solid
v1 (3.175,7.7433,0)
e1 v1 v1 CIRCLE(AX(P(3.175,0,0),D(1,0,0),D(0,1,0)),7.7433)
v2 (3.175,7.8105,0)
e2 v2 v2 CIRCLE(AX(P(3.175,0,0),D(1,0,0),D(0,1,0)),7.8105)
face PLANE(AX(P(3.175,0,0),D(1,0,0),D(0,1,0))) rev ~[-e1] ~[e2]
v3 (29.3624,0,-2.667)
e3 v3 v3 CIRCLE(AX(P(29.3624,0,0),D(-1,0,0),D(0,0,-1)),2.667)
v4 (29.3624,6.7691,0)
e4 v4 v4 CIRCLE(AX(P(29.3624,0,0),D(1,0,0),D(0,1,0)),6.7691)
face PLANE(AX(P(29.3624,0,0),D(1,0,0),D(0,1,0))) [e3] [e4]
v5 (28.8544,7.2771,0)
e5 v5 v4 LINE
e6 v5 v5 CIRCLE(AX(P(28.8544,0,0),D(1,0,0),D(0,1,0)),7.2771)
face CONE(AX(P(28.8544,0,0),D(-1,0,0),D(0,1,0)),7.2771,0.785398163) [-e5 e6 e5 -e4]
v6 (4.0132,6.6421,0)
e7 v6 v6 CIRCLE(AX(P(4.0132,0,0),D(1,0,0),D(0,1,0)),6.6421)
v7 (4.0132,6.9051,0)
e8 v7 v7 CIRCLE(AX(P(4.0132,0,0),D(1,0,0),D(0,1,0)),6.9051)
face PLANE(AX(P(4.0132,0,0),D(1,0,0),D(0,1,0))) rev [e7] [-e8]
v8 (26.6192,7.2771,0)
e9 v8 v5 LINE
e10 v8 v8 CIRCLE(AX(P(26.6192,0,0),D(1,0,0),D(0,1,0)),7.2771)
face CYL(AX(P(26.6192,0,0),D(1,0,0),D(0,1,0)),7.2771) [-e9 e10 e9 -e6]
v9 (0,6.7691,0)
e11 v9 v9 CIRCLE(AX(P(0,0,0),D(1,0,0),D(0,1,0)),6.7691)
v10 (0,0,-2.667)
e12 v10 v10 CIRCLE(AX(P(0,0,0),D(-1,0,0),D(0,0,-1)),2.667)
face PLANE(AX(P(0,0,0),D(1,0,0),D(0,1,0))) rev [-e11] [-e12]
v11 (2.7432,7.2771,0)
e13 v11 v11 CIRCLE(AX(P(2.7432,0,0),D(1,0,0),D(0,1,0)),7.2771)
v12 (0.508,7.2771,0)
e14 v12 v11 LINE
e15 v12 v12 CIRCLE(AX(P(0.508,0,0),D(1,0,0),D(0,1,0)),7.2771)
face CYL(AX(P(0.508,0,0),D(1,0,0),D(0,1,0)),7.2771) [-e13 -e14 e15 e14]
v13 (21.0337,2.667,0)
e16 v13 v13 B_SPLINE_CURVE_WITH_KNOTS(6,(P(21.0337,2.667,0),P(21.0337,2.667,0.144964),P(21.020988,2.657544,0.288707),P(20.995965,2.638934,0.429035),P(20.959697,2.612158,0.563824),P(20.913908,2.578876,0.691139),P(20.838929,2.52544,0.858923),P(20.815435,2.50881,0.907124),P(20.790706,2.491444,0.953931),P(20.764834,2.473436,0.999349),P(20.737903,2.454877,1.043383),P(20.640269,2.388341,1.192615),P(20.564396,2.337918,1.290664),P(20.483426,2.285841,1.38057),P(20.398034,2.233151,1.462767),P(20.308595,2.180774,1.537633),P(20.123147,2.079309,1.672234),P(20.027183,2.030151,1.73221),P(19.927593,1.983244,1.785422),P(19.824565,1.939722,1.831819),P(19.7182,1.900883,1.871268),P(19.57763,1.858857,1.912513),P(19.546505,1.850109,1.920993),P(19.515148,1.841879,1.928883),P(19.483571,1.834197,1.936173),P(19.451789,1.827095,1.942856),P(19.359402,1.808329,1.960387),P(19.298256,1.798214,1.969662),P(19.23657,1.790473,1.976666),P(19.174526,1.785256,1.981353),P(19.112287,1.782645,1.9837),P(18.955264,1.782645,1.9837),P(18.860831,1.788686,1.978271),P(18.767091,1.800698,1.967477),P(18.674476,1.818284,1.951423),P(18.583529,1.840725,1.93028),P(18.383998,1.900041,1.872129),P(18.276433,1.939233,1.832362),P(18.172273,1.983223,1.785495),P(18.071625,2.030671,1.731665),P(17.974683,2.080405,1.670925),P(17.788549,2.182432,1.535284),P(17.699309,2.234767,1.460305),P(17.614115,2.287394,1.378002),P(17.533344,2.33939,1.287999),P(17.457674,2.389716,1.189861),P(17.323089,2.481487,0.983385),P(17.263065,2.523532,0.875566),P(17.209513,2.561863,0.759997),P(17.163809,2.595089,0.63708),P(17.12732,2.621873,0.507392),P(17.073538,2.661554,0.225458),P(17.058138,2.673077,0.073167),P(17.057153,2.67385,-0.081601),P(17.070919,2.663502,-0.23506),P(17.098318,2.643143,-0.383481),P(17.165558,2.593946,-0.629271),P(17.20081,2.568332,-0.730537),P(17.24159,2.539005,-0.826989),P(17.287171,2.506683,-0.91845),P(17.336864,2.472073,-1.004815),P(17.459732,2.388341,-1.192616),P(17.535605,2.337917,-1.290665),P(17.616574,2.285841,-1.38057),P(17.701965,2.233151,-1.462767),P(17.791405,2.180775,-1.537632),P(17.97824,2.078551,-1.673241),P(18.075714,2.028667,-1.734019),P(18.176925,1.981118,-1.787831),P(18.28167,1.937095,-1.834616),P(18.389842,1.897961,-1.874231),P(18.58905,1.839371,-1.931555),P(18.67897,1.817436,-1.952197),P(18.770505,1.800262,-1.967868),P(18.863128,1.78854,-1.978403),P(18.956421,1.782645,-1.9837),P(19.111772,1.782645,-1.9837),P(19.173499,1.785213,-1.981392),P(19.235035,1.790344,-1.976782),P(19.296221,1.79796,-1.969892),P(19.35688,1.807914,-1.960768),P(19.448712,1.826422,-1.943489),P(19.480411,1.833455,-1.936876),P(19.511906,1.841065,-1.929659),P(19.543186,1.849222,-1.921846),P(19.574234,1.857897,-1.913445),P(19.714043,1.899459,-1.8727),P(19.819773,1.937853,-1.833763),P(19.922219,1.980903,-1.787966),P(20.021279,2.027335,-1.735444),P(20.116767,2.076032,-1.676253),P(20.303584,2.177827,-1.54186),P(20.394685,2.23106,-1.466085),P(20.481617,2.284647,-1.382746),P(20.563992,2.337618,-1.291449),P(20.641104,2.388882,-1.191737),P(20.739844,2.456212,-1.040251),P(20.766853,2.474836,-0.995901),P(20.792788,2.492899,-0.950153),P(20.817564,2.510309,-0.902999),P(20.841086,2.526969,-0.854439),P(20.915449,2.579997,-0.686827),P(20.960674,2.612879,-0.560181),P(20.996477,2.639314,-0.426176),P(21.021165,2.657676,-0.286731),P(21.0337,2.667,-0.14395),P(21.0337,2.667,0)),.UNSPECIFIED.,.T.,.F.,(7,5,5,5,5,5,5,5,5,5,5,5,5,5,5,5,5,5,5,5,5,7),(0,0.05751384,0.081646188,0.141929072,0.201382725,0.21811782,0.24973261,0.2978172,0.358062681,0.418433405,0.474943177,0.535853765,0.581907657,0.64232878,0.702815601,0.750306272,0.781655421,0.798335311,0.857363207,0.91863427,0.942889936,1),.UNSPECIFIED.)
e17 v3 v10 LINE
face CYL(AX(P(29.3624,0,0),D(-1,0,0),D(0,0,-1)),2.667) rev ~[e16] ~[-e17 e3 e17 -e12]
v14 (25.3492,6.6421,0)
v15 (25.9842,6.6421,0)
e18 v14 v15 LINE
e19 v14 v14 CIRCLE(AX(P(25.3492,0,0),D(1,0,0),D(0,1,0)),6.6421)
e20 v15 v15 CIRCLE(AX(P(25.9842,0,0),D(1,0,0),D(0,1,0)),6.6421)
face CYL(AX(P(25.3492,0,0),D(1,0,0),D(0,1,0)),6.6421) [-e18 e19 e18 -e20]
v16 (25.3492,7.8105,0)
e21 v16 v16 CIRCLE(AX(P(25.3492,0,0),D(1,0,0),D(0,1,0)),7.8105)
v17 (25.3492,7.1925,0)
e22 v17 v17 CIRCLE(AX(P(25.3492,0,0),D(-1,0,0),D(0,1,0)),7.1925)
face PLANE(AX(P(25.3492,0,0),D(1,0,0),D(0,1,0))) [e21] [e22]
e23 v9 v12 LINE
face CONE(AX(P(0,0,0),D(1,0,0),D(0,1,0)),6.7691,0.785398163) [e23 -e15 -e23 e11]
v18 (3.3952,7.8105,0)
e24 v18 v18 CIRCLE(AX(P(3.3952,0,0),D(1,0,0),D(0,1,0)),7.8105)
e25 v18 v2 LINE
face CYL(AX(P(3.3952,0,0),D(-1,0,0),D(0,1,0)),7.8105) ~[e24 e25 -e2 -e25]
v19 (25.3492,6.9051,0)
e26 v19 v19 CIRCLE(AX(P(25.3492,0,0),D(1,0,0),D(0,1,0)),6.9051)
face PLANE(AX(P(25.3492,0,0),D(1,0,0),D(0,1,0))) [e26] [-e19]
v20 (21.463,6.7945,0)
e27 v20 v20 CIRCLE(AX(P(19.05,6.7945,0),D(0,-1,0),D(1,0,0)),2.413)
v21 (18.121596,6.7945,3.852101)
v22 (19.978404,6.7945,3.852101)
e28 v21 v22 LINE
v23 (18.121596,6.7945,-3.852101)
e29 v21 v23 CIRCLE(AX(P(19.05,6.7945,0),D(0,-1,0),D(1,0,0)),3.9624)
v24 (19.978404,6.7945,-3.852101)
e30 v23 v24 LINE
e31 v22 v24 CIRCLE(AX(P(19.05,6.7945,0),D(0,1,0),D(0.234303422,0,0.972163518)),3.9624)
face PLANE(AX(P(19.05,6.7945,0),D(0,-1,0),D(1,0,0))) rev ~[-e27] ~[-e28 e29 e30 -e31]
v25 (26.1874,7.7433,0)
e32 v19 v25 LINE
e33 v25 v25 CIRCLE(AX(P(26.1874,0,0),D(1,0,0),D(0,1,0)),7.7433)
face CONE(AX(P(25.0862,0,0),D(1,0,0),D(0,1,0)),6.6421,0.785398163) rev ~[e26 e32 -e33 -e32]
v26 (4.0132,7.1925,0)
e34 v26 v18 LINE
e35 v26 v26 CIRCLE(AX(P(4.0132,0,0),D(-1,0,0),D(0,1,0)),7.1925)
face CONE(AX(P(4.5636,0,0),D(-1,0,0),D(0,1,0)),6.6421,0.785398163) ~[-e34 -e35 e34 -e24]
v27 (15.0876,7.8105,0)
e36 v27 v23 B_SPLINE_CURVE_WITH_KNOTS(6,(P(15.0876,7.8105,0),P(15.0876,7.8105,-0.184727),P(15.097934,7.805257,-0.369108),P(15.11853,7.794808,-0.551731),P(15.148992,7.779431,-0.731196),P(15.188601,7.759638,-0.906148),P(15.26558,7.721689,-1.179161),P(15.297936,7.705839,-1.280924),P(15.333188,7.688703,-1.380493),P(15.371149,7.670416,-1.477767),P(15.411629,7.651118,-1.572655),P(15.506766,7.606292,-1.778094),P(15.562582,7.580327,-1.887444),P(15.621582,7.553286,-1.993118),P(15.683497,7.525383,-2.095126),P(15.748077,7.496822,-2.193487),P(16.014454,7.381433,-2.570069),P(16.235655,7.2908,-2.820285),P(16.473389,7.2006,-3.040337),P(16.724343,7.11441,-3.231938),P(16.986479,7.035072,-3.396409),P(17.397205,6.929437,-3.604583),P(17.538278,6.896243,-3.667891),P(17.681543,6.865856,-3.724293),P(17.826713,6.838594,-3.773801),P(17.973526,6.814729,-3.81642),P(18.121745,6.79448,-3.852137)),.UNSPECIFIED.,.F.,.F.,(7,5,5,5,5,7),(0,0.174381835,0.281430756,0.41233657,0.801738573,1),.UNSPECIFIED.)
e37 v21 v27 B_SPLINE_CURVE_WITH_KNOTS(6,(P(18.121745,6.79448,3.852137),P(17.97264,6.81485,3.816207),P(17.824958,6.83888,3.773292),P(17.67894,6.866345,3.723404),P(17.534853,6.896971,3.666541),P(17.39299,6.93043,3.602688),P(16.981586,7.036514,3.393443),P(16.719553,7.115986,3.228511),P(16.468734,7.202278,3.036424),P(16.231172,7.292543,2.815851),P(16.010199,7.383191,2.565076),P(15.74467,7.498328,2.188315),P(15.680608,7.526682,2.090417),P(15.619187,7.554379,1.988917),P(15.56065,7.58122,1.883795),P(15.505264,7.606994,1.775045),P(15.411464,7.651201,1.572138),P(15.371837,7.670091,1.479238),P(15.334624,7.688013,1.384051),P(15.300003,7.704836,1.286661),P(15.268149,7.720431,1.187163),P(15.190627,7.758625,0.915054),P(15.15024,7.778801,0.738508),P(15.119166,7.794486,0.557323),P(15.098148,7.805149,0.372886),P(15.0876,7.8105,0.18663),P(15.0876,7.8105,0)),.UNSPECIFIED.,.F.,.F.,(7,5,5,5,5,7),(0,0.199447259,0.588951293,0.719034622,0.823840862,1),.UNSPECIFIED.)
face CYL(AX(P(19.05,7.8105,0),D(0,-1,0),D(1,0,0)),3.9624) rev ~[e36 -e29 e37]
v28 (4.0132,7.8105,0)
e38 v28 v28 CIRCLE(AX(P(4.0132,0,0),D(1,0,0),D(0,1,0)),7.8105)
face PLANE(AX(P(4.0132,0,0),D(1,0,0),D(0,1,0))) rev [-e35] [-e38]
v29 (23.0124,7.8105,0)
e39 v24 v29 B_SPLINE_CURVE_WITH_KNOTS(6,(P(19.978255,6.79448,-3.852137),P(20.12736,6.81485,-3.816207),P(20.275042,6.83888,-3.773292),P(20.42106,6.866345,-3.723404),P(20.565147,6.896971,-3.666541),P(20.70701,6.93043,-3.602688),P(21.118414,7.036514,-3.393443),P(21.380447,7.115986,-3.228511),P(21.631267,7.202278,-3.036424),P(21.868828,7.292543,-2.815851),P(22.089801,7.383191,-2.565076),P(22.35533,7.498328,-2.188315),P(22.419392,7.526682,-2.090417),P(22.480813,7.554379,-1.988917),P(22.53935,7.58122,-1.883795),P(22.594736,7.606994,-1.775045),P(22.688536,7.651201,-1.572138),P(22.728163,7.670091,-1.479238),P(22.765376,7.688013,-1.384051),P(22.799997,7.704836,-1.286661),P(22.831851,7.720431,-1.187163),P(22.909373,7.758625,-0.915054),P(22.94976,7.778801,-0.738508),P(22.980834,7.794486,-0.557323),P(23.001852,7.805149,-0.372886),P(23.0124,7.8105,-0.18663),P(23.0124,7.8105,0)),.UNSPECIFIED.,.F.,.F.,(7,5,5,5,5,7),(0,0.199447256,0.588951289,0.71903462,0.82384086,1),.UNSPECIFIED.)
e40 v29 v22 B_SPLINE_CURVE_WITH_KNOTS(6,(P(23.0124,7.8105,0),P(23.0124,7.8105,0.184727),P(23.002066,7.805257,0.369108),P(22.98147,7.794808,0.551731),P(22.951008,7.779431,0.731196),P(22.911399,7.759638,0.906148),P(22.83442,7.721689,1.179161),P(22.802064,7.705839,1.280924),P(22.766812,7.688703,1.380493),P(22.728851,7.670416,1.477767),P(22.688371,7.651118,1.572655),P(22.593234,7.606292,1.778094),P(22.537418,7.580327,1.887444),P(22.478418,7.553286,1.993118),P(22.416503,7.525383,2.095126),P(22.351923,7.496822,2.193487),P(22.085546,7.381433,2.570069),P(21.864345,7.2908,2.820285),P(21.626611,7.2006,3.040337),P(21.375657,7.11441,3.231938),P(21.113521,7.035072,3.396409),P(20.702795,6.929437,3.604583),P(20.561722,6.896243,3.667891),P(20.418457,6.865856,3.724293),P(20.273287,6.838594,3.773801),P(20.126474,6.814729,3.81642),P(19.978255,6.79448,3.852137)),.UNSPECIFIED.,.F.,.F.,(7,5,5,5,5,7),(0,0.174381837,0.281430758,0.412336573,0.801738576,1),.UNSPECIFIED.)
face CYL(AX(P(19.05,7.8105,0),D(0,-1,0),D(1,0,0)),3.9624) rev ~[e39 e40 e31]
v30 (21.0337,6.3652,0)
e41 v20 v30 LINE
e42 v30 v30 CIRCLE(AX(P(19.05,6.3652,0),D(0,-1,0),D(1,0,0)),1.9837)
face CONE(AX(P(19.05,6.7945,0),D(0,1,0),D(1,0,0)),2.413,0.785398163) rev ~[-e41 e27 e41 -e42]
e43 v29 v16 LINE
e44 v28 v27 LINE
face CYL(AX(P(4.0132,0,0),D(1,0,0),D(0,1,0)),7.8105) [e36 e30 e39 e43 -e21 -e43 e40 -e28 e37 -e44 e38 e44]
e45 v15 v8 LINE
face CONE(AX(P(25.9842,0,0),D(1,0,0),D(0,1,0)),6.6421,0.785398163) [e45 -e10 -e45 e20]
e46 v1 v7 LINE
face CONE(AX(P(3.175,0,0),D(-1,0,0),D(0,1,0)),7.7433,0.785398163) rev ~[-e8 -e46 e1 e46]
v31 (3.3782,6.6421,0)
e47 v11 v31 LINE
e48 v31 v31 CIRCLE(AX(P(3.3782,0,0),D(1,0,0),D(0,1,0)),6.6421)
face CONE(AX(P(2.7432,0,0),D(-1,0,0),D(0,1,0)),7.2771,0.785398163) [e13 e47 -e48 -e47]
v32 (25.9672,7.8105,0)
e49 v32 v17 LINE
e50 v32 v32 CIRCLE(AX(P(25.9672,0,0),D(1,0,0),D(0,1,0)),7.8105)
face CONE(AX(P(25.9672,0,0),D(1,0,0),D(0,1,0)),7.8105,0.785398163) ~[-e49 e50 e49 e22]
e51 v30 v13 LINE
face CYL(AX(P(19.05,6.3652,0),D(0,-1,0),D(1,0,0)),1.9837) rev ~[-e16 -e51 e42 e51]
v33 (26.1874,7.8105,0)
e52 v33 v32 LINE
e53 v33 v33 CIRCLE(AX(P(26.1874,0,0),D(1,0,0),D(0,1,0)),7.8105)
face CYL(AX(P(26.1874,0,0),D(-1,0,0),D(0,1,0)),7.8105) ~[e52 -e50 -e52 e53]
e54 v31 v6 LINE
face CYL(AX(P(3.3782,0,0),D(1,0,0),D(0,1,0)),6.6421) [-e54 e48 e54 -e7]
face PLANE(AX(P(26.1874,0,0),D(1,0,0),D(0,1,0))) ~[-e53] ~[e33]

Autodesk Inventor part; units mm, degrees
sketch "Sketch_1" plane through (0, 0, 0) normal (0, 0, 1) x (1, 0, 0)
  line L0 (29.3624, 0) -> (0, 0)
  line L1 (0, 0) -> (0, 6.7691)
  line L2 (0, 6.7691) -> (0.508, 7.2771)
  line L3 (0.508, 7.2771) -> (2.7432, 7.2771)
  line L4 (2.7432, 7.2771) -> (3.3782, 6.6421)
  line L5 (3.3782, 6.6421) -> (4.0132, 6.6421)
  line L6 (4.0132, 6.6421) -> (4.0132, 7.8105)
  line L7 (4.0132, 7.8105) -> (25.3492, 7.8105)
  line L8 (25.3492, 7.8105) -> (25.3492, 6.6421)
  line L9 (25.3492, 6.6421) -> (25.9842, 6.6421)
  line L10 (25.9842, 6.6421) -> (26.6192, 7.2771)
  line L11 (26.6192, 7.2771) -> (28.8544, 7.2771)
  line L12 (28.8544, 7.2771) -> (29.3624, 6.7691)
  line L13 (29.3624, 6.7691) -> (29.3624, 0)
  line L14 (29.3624, 0) -> (0, 0)
revolve "Revolution1" add sketch "Sketch_1" angle 360 about axis through (29.3624, 0, 0) along (1, 0, 0)
sketch "Sketch2" plane through (29.3624, 0, 0) normal (1, 0, 0) x (0, 0, -1)
  point P0 (0, 0)
hole "Hole1" at (29.3624, 0, 0) direction (-1, 0, 0) diameter 5.334 depth 29.3624
sketch "Sketch_6" plane through (0, 0, 0) normal (0, 0, 1) x (1, 0, 0)
  line L0 (19.05, 0) -> (19.05, 7.8105)
  line L1 (19.05, 7.8105) -> (23.0124, 7.8105)
  line L2 (23.0124, 7.8105) -> (23.0124, 6.7945)
  line L3 (23.0124, 6.7945) -> (21.463, 6.7945)
  line L4 (21.463, 6.7945) -> (21.0337, 6.3652)
  line L5 (21.0337, 6.3652) -> (21.0337, 0)
  line L6 (21.0337, 0) -> (19.05, 0)
  line L7 (19.05, 0) -> (19.05, 7.8105)
revolve "Revolution2" cut sketch "Sketch_6" angle 360 about axis through (19.05, 0, 0) along (0, -1, 0)
thread "Thread1" size "10-32 UNF" class "2B" standard "ANSI Unified Screw Threads" length 2.4257 offset 2.5862
sketch "Sketch_8" plane through (0, 0, 0) normal (0, 0, 1) x (1, 0, 0)
  line L0 (29.3624, 0) -> (-29.3624, 0)
  line L1 (24.7988, 6.6421) -> (25.0862, 6.6421)
  line L2 (25.0862, 6.6421) -> (26.1874, 7.7433)
  line L3 (26.1874, 7.7433) -> (26.1874, 7.8105)
  line L4 (26.1874, 7.8105) -> (25.9672, 7.8105)
  line L5 (25.9672, 7.8105) -> (24.7988, 6.6421)
revolve "Revolution3" add sketch "Sketch_8" angle 360 about axis through (29.3624, 0, 0) along (1, 0, 0)
sketch "Sketch_14" plane through (0, 0, 0) normal (0, 0, 1) x (1, 0, 0)
  line L0 (29.3624, 0) -> (-29.3624, 0)
  line L1 (3.175, 7.7433) -> (4.2762, 6.6421)
  line L2 (4.2762, 6.6421) -> (4.5636, 6.6421)
  line L3 (4.5636, 6.6421) -> (3.3952, 7.8105)
  line L4 (3.3952, 7.8105) -> (3.175, 7.8105)
  line L5 (3.175, 7.8105) -> (3.175, 7.7433)
revolve "Revolution4" add sketch "Sketch_14" angle 360 about axis through (29.3624, 0, 0) along (1, 0, 0)
ref_plane "ba2_XY" through (19.05, 7.8105, 0) normal (0, 0, 1) x (1, 0, 0)
ref_plane "ba2_YZ" through (19.05, 7.8105, 0) normal (1, 0, 0) x (0, 1, 0)
ref_plane "ba2_ZX" through (19.05, 7.8105, 0) normal (0, 1, 0) x (0, 0, 1)
ref_plane "centar_XY" through (14.6812, 0, 0) normal (1, 0, 0) x (0, 0, -1)
ref_plane "centar_YZ" through (14.6812, 0, 0) normal (0, 0, -1) x (0, 1, 0)
ref_plane "centar_ZX" through (14.6812, 0, 0) normal (0, 1, 0) x (1, 0, 0)
ref_plane "d1_XY" through (21.463, 6.7945, 0) normal (0, 0, 1) x (1, 0, 0)
ref_plane "d1_YZ" through (21.463, 6.7945, 0) normal (1, 0, 0) x (0, 1, 0)
ref_plane "d1_ZX" through (21.463, 6.7945, 0) normal (0, 1, 0) x (0, 0, 1)
ref_plane "d2_XY" through (16.637, 6.7945, 0) normal (0, 0, 1) x (1, 0, 0)
ref_plane "d2_YZ" through (16.637, 6.7945, 0) normal (1, 0, 0) x (0, 1, 0)
ref_plane "d2_ZX" through (16.637, 6.7945, 0) normal (0, 1, 0) x (0, 0, 1)
ref_plane "to_cyl_A_XY" through (2.7432, 0, 0) normal (1, 0, 0) x (0, 0, -1)
ref_plane "to_cyl_A_YZ" through (2.7432, 0, 0) normal (0, 0, -1) x (0, 1, 0)
ref_plane "to_cyl_A_ZX" through (2.7432, 0, 0) normal (0, 1, 0) x (1, 0, 0)
ref_plane "to_cyl_B_XY" through (26.6192, 0, 0) normal (1, 0, 0) x (0, 0, -1)
ref_plane "to_cyl_B_YZ" through (26.6192, 0, 0) normal (0, 0, -1) x (0, 1, 0)
ref_plane "to_cyl_B_ZX" through (26.6192, 0, 0) normal (0, 1, 0) x (1, 0, 0)
ref_plane "to_rod_A_XY" through (29.3624, 0, 0) normal (1, 0, 0) x (0, 0, -1)
ref_plane "to_rod_A_YZ" through (29.3624, 0, 0) normal (0, 0, -1) x (0, 1, 0)
ref_plane "to_rod_A_ZX" through (29.3624, 0, 0) normal (0, 1, 0) x (1, 0, 0)
properties part number "D-68355---0"
